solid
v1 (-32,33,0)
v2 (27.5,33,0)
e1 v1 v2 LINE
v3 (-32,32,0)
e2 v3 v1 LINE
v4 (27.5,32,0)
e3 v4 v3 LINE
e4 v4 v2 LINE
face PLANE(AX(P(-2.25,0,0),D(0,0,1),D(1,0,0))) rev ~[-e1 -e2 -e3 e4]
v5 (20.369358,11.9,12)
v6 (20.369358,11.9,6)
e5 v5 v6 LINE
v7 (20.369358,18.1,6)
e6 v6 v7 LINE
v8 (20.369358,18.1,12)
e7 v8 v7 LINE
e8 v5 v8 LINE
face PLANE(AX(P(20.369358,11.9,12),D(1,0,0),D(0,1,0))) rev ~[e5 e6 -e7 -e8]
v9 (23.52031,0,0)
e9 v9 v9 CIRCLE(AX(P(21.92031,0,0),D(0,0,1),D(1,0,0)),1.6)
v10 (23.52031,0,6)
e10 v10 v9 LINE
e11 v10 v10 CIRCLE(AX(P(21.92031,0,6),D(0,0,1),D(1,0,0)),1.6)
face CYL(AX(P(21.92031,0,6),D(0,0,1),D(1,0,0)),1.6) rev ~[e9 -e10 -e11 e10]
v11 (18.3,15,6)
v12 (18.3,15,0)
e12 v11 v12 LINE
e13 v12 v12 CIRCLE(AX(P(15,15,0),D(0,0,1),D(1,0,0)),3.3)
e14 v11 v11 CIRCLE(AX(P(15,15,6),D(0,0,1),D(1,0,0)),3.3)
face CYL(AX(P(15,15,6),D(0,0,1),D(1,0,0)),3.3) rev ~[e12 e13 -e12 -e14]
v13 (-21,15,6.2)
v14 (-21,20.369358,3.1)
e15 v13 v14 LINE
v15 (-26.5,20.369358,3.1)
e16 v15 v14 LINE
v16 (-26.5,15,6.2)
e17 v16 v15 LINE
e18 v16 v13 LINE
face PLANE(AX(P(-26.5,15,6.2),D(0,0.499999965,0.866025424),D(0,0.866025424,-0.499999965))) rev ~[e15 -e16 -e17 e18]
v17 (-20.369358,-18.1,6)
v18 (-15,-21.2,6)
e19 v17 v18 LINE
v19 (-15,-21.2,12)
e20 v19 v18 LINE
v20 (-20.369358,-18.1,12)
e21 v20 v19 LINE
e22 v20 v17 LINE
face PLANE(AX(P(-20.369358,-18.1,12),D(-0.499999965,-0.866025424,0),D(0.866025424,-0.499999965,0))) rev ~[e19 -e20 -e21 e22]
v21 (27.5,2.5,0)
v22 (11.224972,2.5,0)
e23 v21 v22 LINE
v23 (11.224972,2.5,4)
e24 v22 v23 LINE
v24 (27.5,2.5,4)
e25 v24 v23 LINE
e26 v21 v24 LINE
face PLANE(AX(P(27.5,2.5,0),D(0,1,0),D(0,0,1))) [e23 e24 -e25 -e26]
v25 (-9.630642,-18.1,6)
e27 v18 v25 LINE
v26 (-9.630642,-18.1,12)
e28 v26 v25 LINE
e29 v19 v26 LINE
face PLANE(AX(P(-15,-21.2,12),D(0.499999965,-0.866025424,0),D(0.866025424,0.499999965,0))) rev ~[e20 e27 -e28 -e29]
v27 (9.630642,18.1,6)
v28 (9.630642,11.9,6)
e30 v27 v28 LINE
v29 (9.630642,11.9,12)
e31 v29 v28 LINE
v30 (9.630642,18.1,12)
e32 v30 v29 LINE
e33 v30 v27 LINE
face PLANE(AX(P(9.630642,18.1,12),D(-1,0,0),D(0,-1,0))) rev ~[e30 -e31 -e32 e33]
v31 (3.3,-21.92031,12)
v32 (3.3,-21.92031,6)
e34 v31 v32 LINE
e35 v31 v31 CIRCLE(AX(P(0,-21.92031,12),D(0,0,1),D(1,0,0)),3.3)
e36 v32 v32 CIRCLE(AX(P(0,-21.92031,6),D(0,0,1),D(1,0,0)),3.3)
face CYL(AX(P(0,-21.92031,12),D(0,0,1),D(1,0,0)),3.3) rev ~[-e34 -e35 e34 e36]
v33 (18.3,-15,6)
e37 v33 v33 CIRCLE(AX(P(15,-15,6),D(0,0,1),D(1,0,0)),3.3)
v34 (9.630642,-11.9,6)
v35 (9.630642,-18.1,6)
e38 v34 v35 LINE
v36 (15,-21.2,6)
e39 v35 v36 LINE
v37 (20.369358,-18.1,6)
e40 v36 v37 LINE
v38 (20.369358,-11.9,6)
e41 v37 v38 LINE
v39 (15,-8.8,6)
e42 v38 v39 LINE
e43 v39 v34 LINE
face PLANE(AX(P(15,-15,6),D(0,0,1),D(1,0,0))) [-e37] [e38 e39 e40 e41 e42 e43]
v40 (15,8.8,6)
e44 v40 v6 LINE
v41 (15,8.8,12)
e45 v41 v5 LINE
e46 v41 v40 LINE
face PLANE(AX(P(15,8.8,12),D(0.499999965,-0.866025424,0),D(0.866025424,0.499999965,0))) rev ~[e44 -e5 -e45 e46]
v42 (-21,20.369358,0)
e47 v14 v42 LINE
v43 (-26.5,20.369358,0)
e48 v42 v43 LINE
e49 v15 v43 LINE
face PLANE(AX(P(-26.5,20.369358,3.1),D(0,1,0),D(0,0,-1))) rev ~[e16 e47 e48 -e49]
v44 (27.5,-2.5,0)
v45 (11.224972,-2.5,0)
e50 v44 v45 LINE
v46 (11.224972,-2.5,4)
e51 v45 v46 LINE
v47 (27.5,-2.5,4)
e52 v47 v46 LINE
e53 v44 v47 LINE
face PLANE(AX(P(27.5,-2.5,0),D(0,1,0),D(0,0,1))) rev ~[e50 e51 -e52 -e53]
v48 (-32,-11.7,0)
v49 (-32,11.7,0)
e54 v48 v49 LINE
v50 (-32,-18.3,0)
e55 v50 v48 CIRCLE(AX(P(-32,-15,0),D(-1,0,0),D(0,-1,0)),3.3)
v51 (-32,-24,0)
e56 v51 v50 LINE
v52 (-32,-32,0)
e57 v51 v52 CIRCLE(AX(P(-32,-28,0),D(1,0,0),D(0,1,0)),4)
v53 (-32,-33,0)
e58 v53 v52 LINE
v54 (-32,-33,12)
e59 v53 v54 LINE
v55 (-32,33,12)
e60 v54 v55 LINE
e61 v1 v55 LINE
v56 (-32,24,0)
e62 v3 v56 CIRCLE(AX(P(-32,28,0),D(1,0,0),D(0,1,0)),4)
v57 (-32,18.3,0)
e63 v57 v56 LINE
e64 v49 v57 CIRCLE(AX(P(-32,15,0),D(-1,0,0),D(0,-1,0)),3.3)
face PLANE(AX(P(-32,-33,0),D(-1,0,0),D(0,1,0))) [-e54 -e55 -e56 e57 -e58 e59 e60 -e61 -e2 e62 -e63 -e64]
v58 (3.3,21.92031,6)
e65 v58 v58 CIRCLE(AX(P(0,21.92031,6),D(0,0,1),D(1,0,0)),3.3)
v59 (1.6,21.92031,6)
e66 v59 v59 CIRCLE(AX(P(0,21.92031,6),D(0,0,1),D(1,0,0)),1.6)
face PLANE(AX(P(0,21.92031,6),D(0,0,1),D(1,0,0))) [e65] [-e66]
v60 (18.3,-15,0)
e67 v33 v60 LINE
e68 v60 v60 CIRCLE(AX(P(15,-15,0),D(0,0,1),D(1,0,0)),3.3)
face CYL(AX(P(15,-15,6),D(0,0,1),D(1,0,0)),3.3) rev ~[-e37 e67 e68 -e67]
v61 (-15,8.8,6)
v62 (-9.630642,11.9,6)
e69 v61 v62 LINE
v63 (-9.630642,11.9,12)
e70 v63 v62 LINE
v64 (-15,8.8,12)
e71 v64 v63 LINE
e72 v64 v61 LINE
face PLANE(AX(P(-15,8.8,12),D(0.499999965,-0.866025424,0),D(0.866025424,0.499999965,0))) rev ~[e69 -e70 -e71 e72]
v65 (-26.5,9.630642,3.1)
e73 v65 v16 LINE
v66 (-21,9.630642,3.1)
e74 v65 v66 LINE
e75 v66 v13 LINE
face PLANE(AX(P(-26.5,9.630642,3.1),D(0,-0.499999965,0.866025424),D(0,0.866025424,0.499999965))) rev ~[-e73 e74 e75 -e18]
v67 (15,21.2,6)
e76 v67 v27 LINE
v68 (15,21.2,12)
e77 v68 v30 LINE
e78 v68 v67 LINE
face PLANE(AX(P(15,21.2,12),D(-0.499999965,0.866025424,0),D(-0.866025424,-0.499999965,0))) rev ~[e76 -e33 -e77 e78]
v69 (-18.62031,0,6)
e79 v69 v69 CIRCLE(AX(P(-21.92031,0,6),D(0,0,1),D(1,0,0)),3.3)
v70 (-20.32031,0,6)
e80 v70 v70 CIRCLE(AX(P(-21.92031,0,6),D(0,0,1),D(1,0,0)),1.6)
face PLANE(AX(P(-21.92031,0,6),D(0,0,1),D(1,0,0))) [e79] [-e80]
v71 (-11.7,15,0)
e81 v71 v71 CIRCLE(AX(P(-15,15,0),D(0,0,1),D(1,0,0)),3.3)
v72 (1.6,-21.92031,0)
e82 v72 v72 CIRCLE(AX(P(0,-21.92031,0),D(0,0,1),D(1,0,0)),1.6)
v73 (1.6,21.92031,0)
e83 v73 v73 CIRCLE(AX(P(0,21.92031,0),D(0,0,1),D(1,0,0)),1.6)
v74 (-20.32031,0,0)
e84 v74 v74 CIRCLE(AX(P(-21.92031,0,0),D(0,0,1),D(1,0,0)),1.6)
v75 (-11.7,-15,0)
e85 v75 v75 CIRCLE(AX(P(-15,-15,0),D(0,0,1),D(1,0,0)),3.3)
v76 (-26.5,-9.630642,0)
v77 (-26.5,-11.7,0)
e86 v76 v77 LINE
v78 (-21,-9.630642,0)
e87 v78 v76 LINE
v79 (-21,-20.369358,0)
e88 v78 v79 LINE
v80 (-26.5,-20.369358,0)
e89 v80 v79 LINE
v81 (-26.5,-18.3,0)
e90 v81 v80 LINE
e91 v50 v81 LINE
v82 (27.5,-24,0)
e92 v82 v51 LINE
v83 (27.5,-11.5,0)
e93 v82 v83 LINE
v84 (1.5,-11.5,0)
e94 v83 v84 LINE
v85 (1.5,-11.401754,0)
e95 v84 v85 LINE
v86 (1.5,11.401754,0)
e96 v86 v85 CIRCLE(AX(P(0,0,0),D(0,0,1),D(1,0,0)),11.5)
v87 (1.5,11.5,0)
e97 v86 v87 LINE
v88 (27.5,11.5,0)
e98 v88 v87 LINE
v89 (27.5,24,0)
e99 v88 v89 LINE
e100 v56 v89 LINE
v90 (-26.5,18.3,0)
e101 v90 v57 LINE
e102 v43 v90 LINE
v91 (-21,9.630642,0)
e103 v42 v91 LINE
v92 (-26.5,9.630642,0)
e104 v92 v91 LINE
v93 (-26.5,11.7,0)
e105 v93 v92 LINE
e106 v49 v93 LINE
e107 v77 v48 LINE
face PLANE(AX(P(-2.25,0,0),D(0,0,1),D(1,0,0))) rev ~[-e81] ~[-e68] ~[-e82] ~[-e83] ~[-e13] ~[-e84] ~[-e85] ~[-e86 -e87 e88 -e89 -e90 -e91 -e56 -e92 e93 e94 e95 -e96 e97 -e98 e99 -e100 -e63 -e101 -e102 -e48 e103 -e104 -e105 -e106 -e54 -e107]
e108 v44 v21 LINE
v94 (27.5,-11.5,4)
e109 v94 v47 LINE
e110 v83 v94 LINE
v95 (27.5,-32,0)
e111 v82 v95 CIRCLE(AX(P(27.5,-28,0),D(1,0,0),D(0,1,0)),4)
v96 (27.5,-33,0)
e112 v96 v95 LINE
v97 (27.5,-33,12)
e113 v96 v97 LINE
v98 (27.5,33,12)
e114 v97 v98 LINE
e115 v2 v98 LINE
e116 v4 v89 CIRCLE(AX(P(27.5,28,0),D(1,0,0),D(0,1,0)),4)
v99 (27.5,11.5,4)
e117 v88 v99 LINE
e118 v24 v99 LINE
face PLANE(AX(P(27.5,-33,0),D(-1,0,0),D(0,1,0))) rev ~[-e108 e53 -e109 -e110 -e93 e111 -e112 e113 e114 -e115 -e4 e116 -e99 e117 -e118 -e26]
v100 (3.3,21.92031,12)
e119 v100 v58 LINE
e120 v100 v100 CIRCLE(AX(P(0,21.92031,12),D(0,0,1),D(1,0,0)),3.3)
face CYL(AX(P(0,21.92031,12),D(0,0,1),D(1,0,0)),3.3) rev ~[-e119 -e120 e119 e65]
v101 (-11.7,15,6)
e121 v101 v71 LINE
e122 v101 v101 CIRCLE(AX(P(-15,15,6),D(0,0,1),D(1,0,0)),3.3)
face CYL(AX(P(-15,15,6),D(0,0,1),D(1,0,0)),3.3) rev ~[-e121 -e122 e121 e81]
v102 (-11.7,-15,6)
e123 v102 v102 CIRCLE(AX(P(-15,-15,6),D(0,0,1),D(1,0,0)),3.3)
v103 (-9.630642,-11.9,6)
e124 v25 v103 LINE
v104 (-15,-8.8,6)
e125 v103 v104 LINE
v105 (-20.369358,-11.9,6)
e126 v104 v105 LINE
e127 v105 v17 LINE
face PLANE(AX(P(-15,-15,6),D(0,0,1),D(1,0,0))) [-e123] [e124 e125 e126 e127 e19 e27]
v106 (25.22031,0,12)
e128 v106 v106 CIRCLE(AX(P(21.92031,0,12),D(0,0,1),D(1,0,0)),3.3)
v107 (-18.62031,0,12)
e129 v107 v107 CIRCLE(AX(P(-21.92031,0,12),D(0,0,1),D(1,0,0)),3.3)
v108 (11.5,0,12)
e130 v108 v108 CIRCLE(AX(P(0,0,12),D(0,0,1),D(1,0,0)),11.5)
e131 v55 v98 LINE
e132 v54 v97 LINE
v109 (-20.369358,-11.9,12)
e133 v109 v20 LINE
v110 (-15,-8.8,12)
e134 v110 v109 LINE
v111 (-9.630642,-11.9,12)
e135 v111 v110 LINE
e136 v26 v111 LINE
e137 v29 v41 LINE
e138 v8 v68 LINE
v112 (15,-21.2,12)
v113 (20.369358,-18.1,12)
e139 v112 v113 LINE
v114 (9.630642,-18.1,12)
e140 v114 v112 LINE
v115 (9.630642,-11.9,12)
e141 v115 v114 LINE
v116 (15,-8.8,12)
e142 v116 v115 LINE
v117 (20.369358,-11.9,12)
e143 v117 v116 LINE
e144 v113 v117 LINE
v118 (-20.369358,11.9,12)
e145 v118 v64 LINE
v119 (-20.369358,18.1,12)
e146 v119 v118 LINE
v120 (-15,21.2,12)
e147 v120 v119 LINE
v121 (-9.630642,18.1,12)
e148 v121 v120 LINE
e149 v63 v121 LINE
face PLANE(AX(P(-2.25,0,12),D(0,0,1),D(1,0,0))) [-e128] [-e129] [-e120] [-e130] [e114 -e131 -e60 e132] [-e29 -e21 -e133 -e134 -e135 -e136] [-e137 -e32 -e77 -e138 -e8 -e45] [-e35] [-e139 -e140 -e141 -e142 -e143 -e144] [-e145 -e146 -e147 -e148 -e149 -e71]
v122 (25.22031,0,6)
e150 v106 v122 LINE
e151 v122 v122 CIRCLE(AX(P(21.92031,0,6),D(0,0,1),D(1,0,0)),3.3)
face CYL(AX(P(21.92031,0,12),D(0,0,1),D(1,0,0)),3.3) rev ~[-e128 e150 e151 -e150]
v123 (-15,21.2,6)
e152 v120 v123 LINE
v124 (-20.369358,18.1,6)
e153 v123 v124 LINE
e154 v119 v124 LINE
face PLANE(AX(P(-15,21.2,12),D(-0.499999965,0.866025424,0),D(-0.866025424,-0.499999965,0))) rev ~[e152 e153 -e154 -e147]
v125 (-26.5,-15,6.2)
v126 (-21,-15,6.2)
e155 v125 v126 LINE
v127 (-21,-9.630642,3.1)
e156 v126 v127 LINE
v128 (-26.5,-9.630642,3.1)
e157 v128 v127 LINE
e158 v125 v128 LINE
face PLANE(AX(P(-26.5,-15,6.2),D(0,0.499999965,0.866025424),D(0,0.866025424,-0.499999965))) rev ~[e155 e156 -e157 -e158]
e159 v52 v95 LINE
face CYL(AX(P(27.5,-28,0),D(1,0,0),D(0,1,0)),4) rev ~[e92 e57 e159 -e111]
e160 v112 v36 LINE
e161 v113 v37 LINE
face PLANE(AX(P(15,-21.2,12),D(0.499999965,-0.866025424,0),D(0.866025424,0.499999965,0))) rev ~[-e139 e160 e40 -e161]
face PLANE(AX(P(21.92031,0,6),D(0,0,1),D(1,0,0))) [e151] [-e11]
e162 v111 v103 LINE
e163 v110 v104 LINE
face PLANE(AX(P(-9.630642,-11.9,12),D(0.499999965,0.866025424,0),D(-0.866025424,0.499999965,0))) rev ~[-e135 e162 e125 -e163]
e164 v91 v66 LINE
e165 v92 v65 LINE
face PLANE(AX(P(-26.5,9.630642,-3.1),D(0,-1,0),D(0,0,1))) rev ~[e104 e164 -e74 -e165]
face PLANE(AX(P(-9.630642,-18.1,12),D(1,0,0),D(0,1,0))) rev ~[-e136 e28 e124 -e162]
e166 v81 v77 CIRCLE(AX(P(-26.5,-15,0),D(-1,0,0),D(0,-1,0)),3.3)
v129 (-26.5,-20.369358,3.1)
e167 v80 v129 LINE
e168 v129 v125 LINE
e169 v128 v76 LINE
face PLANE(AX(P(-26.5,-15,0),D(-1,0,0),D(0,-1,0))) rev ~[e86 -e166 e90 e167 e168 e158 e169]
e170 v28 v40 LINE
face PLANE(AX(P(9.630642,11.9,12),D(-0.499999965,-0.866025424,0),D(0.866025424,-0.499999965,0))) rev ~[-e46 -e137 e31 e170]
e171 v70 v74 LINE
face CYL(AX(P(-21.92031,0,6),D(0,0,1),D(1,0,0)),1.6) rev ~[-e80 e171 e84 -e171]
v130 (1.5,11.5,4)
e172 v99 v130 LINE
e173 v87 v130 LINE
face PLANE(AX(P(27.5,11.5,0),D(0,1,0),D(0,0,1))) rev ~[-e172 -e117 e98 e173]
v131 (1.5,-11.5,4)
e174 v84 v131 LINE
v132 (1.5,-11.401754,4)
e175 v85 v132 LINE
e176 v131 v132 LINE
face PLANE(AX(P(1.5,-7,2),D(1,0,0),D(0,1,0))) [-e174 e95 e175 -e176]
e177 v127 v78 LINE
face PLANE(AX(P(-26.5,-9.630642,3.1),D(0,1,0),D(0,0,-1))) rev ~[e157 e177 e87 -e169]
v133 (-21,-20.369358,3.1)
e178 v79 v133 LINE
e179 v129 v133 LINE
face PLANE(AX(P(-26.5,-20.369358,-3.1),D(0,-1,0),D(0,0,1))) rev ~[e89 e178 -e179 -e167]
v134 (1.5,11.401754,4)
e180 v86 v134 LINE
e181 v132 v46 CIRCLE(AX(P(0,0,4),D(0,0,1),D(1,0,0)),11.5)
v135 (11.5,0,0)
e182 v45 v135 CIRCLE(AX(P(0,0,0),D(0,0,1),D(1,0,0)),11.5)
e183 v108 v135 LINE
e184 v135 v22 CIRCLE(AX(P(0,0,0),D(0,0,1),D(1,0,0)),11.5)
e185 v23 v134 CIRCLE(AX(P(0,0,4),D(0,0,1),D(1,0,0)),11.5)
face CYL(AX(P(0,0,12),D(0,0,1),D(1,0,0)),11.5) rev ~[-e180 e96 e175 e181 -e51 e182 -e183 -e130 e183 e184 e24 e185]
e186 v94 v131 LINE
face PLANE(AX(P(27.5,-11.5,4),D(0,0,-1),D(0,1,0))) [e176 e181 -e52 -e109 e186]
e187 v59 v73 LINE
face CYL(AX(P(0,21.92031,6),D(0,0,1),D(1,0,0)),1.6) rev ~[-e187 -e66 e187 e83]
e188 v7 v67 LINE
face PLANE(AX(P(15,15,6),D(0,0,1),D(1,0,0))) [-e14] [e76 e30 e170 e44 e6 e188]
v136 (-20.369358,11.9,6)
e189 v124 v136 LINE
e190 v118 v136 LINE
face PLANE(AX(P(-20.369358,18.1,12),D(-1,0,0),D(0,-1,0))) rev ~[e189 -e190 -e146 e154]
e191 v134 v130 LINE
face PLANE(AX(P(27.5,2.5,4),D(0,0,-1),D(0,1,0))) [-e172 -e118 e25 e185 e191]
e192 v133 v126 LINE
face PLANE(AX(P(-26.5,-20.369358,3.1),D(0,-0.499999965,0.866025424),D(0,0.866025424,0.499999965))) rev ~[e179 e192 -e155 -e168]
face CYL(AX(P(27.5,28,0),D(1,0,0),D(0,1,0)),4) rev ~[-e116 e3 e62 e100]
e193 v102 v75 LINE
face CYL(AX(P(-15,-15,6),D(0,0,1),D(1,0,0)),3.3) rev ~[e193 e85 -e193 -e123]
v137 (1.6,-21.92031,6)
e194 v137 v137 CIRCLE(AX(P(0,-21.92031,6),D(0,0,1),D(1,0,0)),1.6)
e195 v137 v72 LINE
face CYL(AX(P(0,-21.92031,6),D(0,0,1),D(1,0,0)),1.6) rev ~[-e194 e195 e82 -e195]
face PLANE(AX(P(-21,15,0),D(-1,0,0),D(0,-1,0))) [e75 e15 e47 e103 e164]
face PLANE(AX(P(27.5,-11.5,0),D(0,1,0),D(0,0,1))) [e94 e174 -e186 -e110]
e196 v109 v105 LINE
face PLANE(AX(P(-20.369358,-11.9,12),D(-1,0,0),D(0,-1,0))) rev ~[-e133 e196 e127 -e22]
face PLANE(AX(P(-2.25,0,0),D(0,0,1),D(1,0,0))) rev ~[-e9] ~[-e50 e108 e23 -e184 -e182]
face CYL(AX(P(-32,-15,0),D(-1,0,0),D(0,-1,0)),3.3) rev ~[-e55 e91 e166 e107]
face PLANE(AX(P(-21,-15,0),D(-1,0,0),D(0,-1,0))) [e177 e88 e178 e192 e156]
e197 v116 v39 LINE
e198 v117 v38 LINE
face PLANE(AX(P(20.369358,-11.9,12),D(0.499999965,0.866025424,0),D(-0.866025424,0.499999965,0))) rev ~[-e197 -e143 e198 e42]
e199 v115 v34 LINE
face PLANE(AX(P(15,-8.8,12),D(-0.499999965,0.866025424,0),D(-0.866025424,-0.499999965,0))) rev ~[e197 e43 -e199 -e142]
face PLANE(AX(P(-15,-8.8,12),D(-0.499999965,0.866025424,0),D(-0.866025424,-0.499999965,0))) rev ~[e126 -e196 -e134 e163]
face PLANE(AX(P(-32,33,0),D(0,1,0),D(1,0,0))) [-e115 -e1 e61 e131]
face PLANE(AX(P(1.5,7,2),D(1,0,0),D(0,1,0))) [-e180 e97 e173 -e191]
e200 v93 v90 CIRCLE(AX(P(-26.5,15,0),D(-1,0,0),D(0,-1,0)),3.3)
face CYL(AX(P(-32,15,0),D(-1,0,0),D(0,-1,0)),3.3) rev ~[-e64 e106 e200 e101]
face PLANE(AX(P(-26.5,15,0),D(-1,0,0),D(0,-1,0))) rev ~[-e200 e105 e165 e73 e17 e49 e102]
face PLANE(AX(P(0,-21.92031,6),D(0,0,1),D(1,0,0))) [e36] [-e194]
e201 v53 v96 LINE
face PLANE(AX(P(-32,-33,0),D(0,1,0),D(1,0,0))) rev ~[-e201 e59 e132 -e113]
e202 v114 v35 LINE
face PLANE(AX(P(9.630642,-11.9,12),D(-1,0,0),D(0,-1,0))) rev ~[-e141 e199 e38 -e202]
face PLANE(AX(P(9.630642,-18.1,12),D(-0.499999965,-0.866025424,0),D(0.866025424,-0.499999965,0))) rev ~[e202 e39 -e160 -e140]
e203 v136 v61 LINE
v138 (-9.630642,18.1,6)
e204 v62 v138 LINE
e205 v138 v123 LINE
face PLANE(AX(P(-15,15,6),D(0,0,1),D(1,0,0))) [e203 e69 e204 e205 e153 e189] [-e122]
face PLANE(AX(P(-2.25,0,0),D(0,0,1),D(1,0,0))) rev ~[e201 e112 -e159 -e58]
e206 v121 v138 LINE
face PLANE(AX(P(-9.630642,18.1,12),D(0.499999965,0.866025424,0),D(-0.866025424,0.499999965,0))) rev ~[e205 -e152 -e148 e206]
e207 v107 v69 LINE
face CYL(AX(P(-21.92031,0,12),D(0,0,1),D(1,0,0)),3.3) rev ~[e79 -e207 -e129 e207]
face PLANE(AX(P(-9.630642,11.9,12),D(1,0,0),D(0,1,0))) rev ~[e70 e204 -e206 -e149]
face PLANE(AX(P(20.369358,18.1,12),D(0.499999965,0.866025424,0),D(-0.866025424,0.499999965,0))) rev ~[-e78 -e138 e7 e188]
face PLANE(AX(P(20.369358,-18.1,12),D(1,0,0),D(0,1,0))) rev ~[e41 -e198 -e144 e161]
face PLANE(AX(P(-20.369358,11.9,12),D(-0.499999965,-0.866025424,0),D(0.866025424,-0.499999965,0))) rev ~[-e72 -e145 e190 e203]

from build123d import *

# Parameters (mm, degrees)
SKETCH_W        = 59.5
SKETCH_H        = 66
PAD_DEPTH       = 12
SKETCH001_R     = 3.3
POCKET_DEPTH    = 6
SKETCH002_R     = 3.3
SKETCH002_R_2   = 1.6
POCKET001_DEPTH = 6.001
SKETCH003_R     = 4
POCKET002_DEPTH = 59.501
SKETCH004_R     = 3.3
POCKET003_DEPTH = 5.5
POCKET004_DEPTH = 5.5
SKETCH006_R     = 11.5
POCKET005_DEPTH = 12.001
SKETCH007_W     = 9
SKETCH007_H     = 4
POCKET006_DEPTH = 26


with BuildPart() as part:
    # Sketch → Pad (new body)
    with BuildSketch(Plane.XY):
        with Locations((-2.25, 0)):
            Rectangle(SKETCH_W, SKETCH_H)
    extrude(amount=PAD_DEPTH)

    # Sketch001 (on Face6 of Pad) → Pocket (cut)
    with BuildSketch(Plane.XY.offset(12)):
        with Locations((0, 21.92031)):
            Circle(SKETCH001_R)
        with Locations((-21.92031, 0)):
            Circle(SKETCH001_R)
        with Locations((21.92031, 0)):
            Circle(SKETCH001_R)
        with Locations((0, -21.92031)):
            Circle(SKETCH001_R)
        Polygon((-9.630642, 18.1), (-15, 21.2), (-20.369358, 18.1), (-20.369358, 11.9), (-15, 8.8), (-9.630642, 11.9), align=None)
        Polygon((20.369358, 18.1), (15, 21.2), (9.630642, 18.1), (9.630642, 11.9), (15, 8.8), (20.369358, 11.9), align=None)
        Polygon((-20.369358, -18.1), (-15, -21.2), (-9.630642, -18.1), (-9.630642, -11.9), (-15, -8.8), (-20.369358, -11.9), align=None)
        Polygon((20.369358, -11.9), (15, -8.8), (9.630642, -11.9), (9.630642, -18.1), (15, -21.2), (20.369358, -18.1), align=None)
    extrude(amount=-POCKET_DEPTH, mode=Mode.SUBTRACT)

    # Sketch002 (on Face41 of Pocket) → Pocket001 (cut, through all)
    with BuildSketch(Plane.XY.offset(6)):
        with Locations((-15, 15)):
            Circle(SKETCH002_R)
        with Locations((0, 21.92031)):
            Circle(SKETCH002_R_2)
        with Locations((15, 15)):
            Circle(SKETCH002_R)
        with Locations((-15, -15)):
            Circle(SKETCH002_R)
        with Locations((15, -15)):
            Circle(SKETCH002_R)
        with Locations((0, -21.92031)):
            Circle(SKETCH002_R_2)
        with Locations((21.92031, 0)):
            Circle(SKETCH002_R_2)
        with Locations((-21.92031, 0)):
            Circle(SKETCH002_R_2)
    extrude(amount=-POCKET001_DEPTH, mode=Mode.SUBTRACT)

    # Sketch003 (on Face3 of Pocket001) → Pocket002 (cut, through all)
    with BuildSketch(Plane.YZ.offset(27.5)):
        with Locations((-28, 0)):
            Circle(SKETCH003_R)
        with Locations((28, 0)):
            Circle(SKETCH003_R)
    extrude(amount=-POCKET002_DEPTH, mode=Mode.SUBTRACT)

    # Sketch004 (on Face2 of Pocket002) → Pocket003 (cut)
    with BuildSketch(Plane(origin=(-32, 0, 0), x_dir=(0, -1, 0), z_dir=(-1, 0, 0))):
        with Locations((-15, 0)):
            Circle(SKETCH004_R)
        with Locations((15, 0)):
            Circle(SKETCH004_R)
    extrude(amount=-POCKET003_DEPTH, mode=Mode.SUBTRACT)

    # Sketch005 (on Face42 of Pocket003) → Pocket004 (cut)
    with BuildSketch(Plane(origin=(-26.5, 0, 0), x_dir=(0, -1, 0), z_dir=(-1, 0, 0))):
        Polygon((-9.630642, 3.1), (-15, 6.2), (-20.369358, 3.1), (-20.369358, -3.1), (-15, -6.2), (-9.630642, -3.1), align=None)
        Polygon((9.630642, -3.1), (15, -6.2), (20.369358, -3.1), (20.369358, 3.1), (15, 6.2), (9.630642, 3.1), align=None)
    extrude(amount=-POCKET004_DEPTH, mode=Mode.SUBTRACT)

    # Sketch006 (on Face5 of Pocket004) → Pocket005 (cut, through all)
    with BuildSketch(Plane.XY.offset(12)):
        Circle(SKETCH006_R)
    extrude(amount=-POCKET005_DEPTH, mode=Mode.SUBTRACT)

    # Sketch007 (on Face3 of Pocket005) → Pocket006 (cut)
    with BuildSketch(Plane.YZ.offset(27.5)):
        with Locations((-7, 2)):
            Rectangle(SKETCH007_W, SKETCH007_H)
        with Locations((7, 2)):
            Rectangle(SKETCH007_W, SKETCH007_H)
    extrude(amount=-POCKET006_DEPTH, mode=Mode.SUBTRACT)


solid = part.part
